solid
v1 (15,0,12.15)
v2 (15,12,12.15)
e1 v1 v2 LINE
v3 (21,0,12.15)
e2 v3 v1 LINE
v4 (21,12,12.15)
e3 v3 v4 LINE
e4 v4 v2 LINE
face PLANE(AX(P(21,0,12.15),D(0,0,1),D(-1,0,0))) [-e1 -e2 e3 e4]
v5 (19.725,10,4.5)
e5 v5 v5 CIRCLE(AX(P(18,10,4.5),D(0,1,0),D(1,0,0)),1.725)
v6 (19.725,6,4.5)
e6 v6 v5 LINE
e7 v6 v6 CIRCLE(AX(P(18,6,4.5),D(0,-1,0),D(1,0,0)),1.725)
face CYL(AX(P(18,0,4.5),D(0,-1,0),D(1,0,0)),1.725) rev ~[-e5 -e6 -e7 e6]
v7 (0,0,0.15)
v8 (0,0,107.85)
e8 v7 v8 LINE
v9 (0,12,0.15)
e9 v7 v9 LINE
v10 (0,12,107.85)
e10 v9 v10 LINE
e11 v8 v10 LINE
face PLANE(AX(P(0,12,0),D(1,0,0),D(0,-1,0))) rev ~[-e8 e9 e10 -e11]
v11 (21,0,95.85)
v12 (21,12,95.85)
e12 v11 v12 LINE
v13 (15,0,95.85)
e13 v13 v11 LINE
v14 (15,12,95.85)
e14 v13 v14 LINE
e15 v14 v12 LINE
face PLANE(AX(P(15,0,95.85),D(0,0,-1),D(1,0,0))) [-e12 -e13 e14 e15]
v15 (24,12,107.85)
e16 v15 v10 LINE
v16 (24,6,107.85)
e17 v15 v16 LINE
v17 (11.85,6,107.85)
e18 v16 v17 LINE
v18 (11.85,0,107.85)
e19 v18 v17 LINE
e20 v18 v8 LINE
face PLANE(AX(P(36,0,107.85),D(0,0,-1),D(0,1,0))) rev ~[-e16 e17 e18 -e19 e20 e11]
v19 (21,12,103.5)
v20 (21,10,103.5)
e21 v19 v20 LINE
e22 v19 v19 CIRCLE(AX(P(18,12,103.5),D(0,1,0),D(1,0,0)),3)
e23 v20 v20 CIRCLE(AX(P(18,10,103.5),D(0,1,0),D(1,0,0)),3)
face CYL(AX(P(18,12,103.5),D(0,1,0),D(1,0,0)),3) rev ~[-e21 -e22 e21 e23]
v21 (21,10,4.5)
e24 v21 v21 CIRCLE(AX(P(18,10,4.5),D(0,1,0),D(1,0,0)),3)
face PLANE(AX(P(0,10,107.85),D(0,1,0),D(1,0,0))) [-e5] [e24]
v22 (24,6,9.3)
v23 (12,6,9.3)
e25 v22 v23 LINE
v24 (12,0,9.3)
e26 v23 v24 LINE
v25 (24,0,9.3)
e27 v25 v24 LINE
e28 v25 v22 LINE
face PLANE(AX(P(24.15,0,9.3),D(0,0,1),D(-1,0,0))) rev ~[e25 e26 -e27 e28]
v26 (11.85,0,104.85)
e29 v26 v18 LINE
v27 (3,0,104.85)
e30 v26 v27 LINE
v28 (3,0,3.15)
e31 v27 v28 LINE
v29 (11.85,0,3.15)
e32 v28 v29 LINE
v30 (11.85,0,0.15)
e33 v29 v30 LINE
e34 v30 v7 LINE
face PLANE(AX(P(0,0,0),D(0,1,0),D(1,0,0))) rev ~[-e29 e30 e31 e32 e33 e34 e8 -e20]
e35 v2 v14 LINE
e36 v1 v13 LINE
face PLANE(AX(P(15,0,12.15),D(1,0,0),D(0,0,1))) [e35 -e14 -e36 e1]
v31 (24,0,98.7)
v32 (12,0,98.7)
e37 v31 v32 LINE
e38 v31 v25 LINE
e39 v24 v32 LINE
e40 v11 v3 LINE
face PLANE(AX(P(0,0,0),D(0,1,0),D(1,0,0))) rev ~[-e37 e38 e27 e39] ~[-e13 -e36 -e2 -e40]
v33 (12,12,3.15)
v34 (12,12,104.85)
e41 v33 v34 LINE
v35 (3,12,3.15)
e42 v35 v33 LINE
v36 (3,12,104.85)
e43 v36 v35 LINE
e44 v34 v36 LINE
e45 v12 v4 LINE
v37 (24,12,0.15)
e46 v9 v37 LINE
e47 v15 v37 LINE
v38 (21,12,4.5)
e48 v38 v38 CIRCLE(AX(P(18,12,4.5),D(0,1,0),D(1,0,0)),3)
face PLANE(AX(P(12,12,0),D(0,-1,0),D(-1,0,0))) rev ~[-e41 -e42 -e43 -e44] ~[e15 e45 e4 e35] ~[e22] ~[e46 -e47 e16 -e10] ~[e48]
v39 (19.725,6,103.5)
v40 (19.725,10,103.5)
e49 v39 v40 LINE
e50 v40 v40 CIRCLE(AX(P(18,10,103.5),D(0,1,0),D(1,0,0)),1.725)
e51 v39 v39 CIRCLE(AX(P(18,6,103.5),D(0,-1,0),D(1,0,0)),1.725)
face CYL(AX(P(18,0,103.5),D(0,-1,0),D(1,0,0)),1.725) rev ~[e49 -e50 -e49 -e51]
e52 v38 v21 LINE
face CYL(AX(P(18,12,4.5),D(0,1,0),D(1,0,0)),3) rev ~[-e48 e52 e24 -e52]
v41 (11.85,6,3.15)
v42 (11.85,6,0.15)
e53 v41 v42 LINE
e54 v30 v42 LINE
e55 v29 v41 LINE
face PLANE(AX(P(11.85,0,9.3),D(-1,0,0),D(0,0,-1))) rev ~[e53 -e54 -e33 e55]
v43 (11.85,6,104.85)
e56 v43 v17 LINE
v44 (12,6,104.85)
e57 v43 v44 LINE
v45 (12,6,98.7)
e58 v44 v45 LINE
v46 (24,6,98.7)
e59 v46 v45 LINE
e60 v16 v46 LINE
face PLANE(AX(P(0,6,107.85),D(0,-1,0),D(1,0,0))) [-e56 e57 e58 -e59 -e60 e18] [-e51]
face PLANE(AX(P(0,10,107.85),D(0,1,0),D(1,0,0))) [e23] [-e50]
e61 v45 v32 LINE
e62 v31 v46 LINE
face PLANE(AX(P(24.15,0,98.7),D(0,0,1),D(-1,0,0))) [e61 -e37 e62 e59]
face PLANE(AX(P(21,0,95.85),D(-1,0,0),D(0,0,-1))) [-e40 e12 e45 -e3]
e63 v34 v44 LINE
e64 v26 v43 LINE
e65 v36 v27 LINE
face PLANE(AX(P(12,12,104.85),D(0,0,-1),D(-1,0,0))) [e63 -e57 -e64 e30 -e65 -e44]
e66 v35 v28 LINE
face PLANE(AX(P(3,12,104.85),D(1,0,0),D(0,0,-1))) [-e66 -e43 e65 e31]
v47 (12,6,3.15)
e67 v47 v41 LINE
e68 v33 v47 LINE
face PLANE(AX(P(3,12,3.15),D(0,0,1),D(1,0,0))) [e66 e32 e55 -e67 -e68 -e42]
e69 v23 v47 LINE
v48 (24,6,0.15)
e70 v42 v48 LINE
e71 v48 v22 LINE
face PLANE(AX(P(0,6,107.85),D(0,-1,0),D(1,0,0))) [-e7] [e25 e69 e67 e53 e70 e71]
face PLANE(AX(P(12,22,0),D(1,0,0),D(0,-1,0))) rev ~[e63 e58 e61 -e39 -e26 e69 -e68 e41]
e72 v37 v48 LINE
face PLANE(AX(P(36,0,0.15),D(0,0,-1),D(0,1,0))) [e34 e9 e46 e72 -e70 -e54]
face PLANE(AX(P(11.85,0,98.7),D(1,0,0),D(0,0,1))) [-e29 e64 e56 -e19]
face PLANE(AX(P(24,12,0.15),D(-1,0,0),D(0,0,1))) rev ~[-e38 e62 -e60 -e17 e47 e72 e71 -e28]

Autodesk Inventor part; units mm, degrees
ref_plane "YZ Plane" through (0, 0, 0) normal (1, 0, 0) x (0, 1, 0)
ref_plane "XZ Plane" through (0, 0, 0) normal (0, 1, 0) x (-1, 0, 0)
ref_plane "XY Plane" through (0, 0, 0) normal (0, 0, 1) x (1, 0, 0)
sketch "Sketch1" plane through (0, 0, 0) normal (0, 0, 1) x (1, 0, 0)
  line L0 (0, 0) -> (36, 0)
  line L1 (36, 0) -> (36, 12)
  line L2 (36, 12) -> (24, 12)
  line L3 (24, 12) -> (24, 22)
  line L4 (24, 22) -> (12, 22)
  line L5 (12, 22) -> (12, 12)
  line L6 (12, 12) -> (0, 12)
  line L7 (0, 12) -> (0, 0)
  dimension "d0" = 36
  dimension "d1" = 12
  dimension "d2" = 12
  dimension "d3" = 10
  dimension "d4" = 12
extrude "Extrusion1" add sketch "Sketch1" along normal blind 108
sketch "Sketch2" plane through (0, 0, 0) normal (0, -1, 0) x (1, 0, 0)
  circle A0 centre (18, 4.5) radius 1.725
  line L0 (0, 0) -> (36, 0) projected
  line L1 (36, 0) -> (36, 108) projected
  circle A1 centre (18, 103.5) radius 1.725
  line L2 (0, 108) -> (36, 108) projected
  dimension "d7" = 3.45
  dimension "d8" = 4.5
  dimension "d9" = 18
  dimension "d10" = 3.45
  dimension "d11" = 18
  dimension "d12" = 4.5
extrude "Extrusion2" cut sketch "Sketch2" against normal blind 20
sketch "Sketch3" plane through (12, 22, 0) normal (0, 1, 0) x (1, 0, 0)
  circle A0 centre (6, -4.5) radius 1.725 projected
  circle A1 centre (6, -4.5) radius 3
  circle A2 centre (6, -103.5) radius 1.725 projected
  circle A3 centre (6, -103.5) radius 3
  point P0 (-12, 0)
  dimension "d15" = 6
  dimension "d16" = 6
extrude "Extrusion3" cut sketch "Sketch3" against normal blind 2 contours A0 | A1 | A2 | A3
sketch "Sketch4" plane through (36, 0, 0) normal (1, 0, 0) x (0, 0, -1)
  line L0 (-108, 0) -> (-107.85, 0)
  line L1 (0, 0) -> (-108, 0) projected
  line L2 (-107.85, 0) -> (-107.85, 12)
  line L3 (0, 12) -> (-108, 12) projected
  line L4 (-108, 0) -> (-108, 12) projected
  line L5 (-108, 12) -> (-108, 0)
  line L6 (-108, 22) -> (-107.85, 22)
  line L7 (-107.85, 12) -> (-108, 12)
  line L8 (0, 0) -> (-0.15, 0)
  line L9 (-0.15, 0) -> (-0.15, 12)
  line L10 (-0.15, 12) -> (0, 12)
  line L11 (0, 12) -> (0, 0)
  line L12 (0, 22) -> (-0.15, 22)
  line L13 (-0.15, 12) -> (0, 12)
  dimension "d19" = 0.15
  dimension "d20" = 12
  dimension "d21" = 0.15
  dimension "d22" = 0.15
extrude "Extrusion4" cut sketch "Sketch4" against normal through all contours L4 L3 L2 L0 | L9 L3 L11 L1
sketch "Sketch5" plane through (24, 22, 108) normal (1, 0, 0) x (0, 0, -1)
  line L0 (108, -10) -> (108, 0) projected
  line L1 (108, 0) -> (0, 0) projected
  line L2 (108, -10) -> (107.85, -10)
  line L3 (107.85, -10) -> (107.85, 0)
  line L4 (107.85, 0) -> (108, 0)
  line L5 (108, 0) -> (108, -10)
  line L6 (0.15, -10) -> (0, -10) projected
  line L7 (0, -10) -> (0, 0) projected
  line L8 (0.15, -10) -> (0, -10)
  line L9 (0, -10) -> (0, 0)
  line L10 (0, 0) -> (0.15, 0)
  line L11 (0.15, 0) -> (0.15, -10)
  point P0 (108, -22)
  dimension "d25" = 0.15
extrude "Extrusion5" cut sketch "Sketch5" against normal through all
sketch "Sketch6" plane through (12, 22, 0.15) normal (0, 1, 0) x (1, 0, 0)
  point P0 (0, -107.7)
sketch "Sketch7" plane through (0, 0, 107.85) normal (0, -1, 0) x (1, 0, 0)
  line L0 (0, -107.7) -> (36, -107.7) projected
  line L1 (11.85, -107.7) -> (24.15, -107.7)
  line L2 (24.15, -107.7) -> (24.15, -98.55)
  line L3 (24.15, -98.55) -> (11.85, -98.55)
  line L4 (11.85, -98.55) -> (11.85, -107.7)
  line L5 (0, 0) -> (12, 0) projected
  line L6 (11.85, 0) -> (24.15, 0)
  line L7 (24.15, 0) -> (24.15, -9.15)
  line L8 (24.15, -9.15) -> (11.85, -9.15)
  line L9 (11.85, -9.15) -> (11.85, 0)
  line L10 (36, -107.7) -> (36, 0) projected
  point P0 (0, -107.85)
  dimension "d30" = 11.85
  dimension "d31" = 11.85
  dimension "d32" = 9.15
  dimension "d33" = 11.85
  dimension "d34" = 11.85
  dimension "d35" = 9.15
extrude "Extrusion6" cut sketch "Sketch7" against normal blind 6
sketch "Sketch8" plane through (36, 0, 0.15) normal (0, -1, 0) x (1, 0, 0)
  line L0 (-21, 95.7) -> (-15, 95.7)
  line L1 (-15, 95.7) -> (-15, 12)
  line L2 (-15, 12) -> (-21, 12)
  line L3 (-21, 12) -> (-21, 95.7)
  line L4 (-11.85, 0) -> (-24.15, 0) projected
  line L5 (0, 107.7) -> (-11.85, 107.7) projected
  line L6 (-24, 0) -> (-24, 107.7) projected
  line L7 (-12, 0) -> (-12, 107.7) projected
  point P0 (-36, -0.15)
  dimension "d38" = 12
  dimension "d39" = 12
  dimension "d40" = 3
  dimension "d41" = 3
extrude "Extrusion7" cut sketch "Sketch8" against normal through all
sketch "Sketch9" plane through (24, 12, 107.85) normal (0, 1, 0) x (1, 0, 0)
  line L0 (9, 3) -> (0, 3)
  line L1 (0, 3) -> (0, 104.7)
  line L2 (0, 104.7) -> (9, 104.7)
  line L3 (9, 104.7) -> (9, 3)
  line L4 (-12, 3) -> (-21, 3)
  line L5 (-21, 3) -> (-21, 104.7)
  line L6 (-21, 104.7) -> (-12, 104.7)
  line L7 (-12, 104.7) -> (-12, 3)
  line L8 (12, 0) -> (0.15, 0) projected
  line L9 (12, 107.7) -> (0, 107.7) projected
  line L10 (12, 107.7) -> (12, 0) projected
  line L11 (-24, 107.7) -> (-24, 0) projected
  line L12 (-12, 107.7) -> (-24, 107.7) projected
  line L13 (-24, 0) -> (-12, 0) projected
  line L14 (-12, 107.7) -> (-12, 0) projected
  line L15 (0, 107.7) -> (0, 0) projected
  point P0 (-24, 107.85)
  dimension "d44" = 3
  dimension "d45" = 3
  dimension "d46" = 3
  dimension "d47" = 3
  dimension "d48" = 3
  dimension "d49" = 3
  dimension "d50" = 0
  dimension "d51" = 0
extrude "Extrusion8" cut sketch "Sketch9" against normal through all contours L0 L1 L2 L3 | L4 L5 L6 L7
sketch "Sketch10" plane through (12, 0, 98.7) normal (0, -1, 0) x (1, 0, 0)
  line L0 (3, -86.55) -> (3, -2.85) projected
  line L1 (9, -2.85) -> (9, -86.55) projected
  line L2 (3, -2.85) -> (9, -2.85)
  line L3 (9, -2.85) -> (9, -86.55)
  line L4 (9, -86.55) -> (3, -86.55)
  line L5 (3, -86.55) -> (3, -2.85)
  line L6 (0, 0) -> (0, -89.4) projected
  line L7 (0, 0) -> (12, 0)
  line L8 (12, 0) -> (12, -89.4)
  line L9 (12, -89.4) -> (0, -89.4)
  line L10 (0, -89.4) -> (0, 0)
  line L11 (12, -89.4) -> (0, -89.4)
  line L12 (0, -89.4) -> (0, 0)
  line L13 (0, 0) -> (12, 0)
  line L14 (12, 0) -> (12, -89.4)
  point P0 (-12, -98.7)
sketch "Sketch11" plane through (24, 12, 0.15) normal (1, 0, 0) x (0, 0, -1)
  line L0 (-107.7, 0) -> (-107.7, 10) projected
  line L1 (0, 0) -> (-107.7, 0) projected
  line L2 (-107.7, 10) -> (0, 10)
  line L3 (0, 10) -> (0, 0)
  line L4 (0, 0) -> (-107.7, 0)
  line L5 (-107.7, 0) -> (-107.7, 10)
  point P0 (0.15, -12)
extrude "Extrusion9" cut sketch "Sketch11" against normal through all
sketch "Sketch12" plane through (0, 12, 107.85) normal (0, 1, 0) x (1, 0, 0)
  circle A0 centre (18, 103.35) radius 1.725 projected
  circle A1 centre (18, 103.35) radius 3
  circle A2 centre (18, 4.35) radius 1.725 projected
  circle A3 centre (18, 4.35) radius 3
  point P0 (0, 107.85)
  dimension "d56" = 6
  dimension "d57" = 6
extrude "Extrusion10" cut sketch "Sketch12" against normal blind 2
sketch "Sketch13" plane through (0, 12, 107.85) normal (0, 1, 0) x (1, 0, 0)
  line L0 (36, 107.7) -> (0, 107.7) projected
  line L1 (36, 0) -> (0, 0) projected
  line L2 (36, 107.7) -> (24, 107.7)
  line L3 (24, 107.7) -> (24, 0)
  line L4 (24, 0) -> (36, 0)
  line L5 (36, 0) -> (36, 107.7)
  point P0 (0, 107.85)
  dimension "d60" = 12
extrude "Extrusion11" cut sketch "Sketch13" against normal through all
properties part number "topCutCenterBeam"
